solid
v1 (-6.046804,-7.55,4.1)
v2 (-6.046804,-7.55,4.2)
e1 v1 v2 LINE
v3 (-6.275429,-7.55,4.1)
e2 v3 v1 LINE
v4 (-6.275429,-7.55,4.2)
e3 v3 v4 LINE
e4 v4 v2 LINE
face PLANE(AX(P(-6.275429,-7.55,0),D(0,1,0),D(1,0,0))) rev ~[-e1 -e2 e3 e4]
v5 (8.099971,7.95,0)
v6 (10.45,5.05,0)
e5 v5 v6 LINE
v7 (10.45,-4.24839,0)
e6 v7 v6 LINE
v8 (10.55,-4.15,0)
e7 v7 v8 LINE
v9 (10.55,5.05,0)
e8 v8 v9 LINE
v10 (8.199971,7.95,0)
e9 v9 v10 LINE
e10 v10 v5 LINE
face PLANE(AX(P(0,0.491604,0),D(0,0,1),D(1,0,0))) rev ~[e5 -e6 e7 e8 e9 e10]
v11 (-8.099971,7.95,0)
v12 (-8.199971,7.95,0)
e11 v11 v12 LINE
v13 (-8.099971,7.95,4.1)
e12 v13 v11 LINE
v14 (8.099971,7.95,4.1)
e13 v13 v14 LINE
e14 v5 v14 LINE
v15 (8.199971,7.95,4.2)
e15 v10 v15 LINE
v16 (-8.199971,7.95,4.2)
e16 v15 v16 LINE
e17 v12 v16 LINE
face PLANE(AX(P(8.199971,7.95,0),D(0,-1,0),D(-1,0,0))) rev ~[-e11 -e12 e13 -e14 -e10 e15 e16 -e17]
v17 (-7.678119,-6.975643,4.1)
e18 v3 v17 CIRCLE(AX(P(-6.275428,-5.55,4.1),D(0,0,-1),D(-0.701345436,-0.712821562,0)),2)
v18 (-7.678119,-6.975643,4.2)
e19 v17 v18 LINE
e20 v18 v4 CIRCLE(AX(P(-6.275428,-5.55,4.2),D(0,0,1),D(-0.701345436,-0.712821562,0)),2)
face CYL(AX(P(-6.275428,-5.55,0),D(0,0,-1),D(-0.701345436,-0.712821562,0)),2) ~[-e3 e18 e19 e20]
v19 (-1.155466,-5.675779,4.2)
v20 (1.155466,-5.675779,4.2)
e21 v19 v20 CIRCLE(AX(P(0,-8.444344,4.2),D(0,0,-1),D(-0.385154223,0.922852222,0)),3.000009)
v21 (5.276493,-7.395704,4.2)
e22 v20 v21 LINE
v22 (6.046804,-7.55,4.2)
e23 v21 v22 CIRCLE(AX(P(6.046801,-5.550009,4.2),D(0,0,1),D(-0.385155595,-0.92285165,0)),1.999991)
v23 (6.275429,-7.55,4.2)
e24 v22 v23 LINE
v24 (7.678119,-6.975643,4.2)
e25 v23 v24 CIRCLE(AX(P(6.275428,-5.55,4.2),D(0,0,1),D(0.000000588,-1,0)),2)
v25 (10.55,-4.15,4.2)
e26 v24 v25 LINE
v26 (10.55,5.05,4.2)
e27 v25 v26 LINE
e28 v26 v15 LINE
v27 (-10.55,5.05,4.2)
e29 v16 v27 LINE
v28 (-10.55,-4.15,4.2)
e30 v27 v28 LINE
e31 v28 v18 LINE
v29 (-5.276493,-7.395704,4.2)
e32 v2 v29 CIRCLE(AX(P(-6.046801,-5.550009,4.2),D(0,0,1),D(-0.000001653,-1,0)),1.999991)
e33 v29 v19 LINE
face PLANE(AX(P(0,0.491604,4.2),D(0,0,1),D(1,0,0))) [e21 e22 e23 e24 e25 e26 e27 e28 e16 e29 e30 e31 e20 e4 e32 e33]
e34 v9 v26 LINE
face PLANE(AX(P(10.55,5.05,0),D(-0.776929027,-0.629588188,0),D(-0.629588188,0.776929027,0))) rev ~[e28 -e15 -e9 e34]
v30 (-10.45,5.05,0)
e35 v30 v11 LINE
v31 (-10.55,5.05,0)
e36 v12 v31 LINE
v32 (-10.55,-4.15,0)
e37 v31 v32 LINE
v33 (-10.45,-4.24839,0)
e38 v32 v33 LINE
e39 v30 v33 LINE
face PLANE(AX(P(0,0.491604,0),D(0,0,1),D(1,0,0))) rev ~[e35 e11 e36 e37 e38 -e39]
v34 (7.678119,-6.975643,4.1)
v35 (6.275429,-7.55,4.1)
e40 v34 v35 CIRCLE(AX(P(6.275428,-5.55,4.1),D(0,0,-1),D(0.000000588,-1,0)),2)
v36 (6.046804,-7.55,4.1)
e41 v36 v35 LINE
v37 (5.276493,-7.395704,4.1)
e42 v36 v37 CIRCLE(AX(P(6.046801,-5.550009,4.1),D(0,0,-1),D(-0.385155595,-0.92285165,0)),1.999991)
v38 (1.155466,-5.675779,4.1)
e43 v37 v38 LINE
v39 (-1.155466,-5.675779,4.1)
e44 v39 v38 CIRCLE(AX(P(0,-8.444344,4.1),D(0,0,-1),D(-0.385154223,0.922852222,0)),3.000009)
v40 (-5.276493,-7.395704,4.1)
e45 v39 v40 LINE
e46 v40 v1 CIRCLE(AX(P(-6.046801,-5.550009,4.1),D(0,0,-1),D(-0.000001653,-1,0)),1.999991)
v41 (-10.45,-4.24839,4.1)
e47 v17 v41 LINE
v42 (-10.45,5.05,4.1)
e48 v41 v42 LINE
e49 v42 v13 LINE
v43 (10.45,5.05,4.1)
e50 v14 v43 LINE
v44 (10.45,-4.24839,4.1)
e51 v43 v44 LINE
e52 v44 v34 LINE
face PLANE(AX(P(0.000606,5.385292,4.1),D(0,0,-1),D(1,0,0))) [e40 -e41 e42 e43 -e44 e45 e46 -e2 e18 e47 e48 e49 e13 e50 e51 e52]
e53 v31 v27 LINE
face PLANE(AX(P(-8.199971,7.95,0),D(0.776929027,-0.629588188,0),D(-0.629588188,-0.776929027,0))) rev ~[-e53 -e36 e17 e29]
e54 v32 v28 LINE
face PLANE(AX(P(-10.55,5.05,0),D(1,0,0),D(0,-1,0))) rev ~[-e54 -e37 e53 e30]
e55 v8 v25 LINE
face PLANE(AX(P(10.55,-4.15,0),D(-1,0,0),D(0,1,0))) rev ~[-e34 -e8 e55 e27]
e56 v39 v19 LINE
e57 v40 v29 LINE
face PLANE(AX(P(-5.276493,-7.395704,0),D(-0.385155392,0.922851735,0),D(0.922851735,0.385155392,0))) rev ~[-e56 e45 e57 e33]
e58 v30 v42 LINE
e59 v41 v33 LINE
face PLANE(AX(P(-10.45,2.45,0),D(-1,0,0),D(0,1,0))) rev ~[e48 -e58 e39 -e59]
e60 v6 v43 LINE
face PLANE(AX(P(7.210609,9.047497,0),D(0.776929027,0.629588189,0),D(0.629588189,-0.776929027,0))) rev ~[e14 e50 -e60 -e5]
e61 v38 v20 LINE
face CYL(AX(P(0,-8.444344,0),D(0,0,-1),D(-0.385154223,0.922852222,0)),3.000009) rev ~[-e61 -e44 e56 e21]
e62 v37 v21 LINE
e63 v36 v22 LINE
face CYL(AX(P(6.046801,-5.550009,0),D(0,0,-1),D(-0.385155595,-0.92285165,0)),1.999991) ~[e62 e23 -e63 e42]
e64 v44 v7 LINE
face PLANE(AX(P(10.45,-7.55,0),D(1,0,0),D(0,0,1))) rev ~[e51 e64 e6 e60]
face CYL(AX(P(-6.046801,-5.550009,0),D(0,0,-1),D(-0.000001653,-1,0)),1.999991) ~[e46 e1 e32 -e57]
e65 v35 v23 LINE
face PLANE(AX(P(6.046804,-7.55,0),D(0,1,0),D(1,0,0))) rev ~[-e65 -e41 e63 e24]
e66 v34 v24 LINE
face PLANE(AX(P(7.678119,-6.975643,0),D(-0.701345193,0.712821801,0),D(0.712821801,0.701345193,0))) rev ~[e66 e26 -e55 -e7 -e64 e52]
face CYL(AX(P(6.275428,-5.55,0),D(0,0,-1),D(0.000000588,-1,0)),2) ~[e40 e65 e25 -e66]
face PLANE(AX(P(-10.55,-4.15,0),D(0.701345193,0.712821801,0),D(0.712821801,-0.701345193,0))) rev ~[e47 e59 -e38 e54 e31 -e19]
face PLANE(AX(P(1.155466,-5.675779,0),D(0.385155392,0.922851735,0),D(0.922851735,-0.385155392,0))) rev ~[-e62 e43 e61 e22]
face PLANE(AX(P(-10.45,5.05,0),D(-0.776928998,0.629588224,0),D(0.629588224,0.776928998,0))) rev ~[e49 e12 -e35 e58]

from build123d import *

# Parameters (mm, degrees)
F1_DEPTH = 4.2
F2_W     = 20.9
F2_H     = 4.1
F3_DEPTH = 10
F5_DEPTH = 4.1


with BuildPart() as f1:
    # F0 (on Top) → F1 (new body)
    with BuildSketch(Plane.XY):
        with BuildLine():
            Line((0, 7.95), (-8.199971, 7.95))
            Line((-8.199971, 7.95), (-10.55, 5.05))
            Line((-10.55, 5.05), (-10.55, -4.15))
            Line((-10.55, -4.15), (-7.678119, -6.975643))
            ThreePointArc((-7.678119, -6.975643), (-7.033292, -7.400849), (-6.275429, -7.55))
            Line((-6.275429, -7.55), (-6.046804, -7.55))
            ThreePointArc((-6.046804, -7.55), (-5.653998, -7.511047), (-5.276493, -7.395704))
            Line((-5.276493, -7.395704), (-1.155466, -5.675779))
            ThreePointArc((-1.155466, -5.675779), (0, -5.444335), (1.155466, -5.675779))
            Line((1.155466, -5.675779), (5.276493, -7.395704))
            ThreePointArc((5.276493, -7.395704), (5.653998, -7.511047), (6.046804, -7.55))
            Line((6.046804, -7.55), (6.275429, -7.55))
            ThreePointArc((6.275429, -7.55), (7.033292, -7.400849), (7.678119, -6.975643))
            Line((7.678119, -6.975643), (10.55, -4.15))
            Line((10.55, -4.15), (10.55, 5.05))
            Line((10.55, 5.05), (8.199971, 7.95))
            Line((8.199971, 7.95), (0, 7.95))
        make_face()
    extrude(amount=F1_DEPTH)

    # F2 (on face) → F3 (cut)
    with BuildSketch(Plane.XZ.offset(7.55)):
        with Locations((0, 2.05)):
            Rectangle(F2_W, F2_H)
    extrude(amount=-F3_DEPTH, mode=Mode.SUBTRACT)

    # F4 (on face) → F5 (cut)
    with BuildSketch(Plane(origin=(0, 0, 0), x_dir=(1, 0, 0), z_dir=(0, 0, -1))):
        Polygon((10.45, -2.45), (-10.45, -2.45), (-10.45, -5.05), (-7.217863, -9.038545), (7.210609, -9.047497), (10.45, -5.05), align=None)
    extrude(amount=-F5_DEPTH, mode=Mode.SUBTRACT)


solid = f1.part
